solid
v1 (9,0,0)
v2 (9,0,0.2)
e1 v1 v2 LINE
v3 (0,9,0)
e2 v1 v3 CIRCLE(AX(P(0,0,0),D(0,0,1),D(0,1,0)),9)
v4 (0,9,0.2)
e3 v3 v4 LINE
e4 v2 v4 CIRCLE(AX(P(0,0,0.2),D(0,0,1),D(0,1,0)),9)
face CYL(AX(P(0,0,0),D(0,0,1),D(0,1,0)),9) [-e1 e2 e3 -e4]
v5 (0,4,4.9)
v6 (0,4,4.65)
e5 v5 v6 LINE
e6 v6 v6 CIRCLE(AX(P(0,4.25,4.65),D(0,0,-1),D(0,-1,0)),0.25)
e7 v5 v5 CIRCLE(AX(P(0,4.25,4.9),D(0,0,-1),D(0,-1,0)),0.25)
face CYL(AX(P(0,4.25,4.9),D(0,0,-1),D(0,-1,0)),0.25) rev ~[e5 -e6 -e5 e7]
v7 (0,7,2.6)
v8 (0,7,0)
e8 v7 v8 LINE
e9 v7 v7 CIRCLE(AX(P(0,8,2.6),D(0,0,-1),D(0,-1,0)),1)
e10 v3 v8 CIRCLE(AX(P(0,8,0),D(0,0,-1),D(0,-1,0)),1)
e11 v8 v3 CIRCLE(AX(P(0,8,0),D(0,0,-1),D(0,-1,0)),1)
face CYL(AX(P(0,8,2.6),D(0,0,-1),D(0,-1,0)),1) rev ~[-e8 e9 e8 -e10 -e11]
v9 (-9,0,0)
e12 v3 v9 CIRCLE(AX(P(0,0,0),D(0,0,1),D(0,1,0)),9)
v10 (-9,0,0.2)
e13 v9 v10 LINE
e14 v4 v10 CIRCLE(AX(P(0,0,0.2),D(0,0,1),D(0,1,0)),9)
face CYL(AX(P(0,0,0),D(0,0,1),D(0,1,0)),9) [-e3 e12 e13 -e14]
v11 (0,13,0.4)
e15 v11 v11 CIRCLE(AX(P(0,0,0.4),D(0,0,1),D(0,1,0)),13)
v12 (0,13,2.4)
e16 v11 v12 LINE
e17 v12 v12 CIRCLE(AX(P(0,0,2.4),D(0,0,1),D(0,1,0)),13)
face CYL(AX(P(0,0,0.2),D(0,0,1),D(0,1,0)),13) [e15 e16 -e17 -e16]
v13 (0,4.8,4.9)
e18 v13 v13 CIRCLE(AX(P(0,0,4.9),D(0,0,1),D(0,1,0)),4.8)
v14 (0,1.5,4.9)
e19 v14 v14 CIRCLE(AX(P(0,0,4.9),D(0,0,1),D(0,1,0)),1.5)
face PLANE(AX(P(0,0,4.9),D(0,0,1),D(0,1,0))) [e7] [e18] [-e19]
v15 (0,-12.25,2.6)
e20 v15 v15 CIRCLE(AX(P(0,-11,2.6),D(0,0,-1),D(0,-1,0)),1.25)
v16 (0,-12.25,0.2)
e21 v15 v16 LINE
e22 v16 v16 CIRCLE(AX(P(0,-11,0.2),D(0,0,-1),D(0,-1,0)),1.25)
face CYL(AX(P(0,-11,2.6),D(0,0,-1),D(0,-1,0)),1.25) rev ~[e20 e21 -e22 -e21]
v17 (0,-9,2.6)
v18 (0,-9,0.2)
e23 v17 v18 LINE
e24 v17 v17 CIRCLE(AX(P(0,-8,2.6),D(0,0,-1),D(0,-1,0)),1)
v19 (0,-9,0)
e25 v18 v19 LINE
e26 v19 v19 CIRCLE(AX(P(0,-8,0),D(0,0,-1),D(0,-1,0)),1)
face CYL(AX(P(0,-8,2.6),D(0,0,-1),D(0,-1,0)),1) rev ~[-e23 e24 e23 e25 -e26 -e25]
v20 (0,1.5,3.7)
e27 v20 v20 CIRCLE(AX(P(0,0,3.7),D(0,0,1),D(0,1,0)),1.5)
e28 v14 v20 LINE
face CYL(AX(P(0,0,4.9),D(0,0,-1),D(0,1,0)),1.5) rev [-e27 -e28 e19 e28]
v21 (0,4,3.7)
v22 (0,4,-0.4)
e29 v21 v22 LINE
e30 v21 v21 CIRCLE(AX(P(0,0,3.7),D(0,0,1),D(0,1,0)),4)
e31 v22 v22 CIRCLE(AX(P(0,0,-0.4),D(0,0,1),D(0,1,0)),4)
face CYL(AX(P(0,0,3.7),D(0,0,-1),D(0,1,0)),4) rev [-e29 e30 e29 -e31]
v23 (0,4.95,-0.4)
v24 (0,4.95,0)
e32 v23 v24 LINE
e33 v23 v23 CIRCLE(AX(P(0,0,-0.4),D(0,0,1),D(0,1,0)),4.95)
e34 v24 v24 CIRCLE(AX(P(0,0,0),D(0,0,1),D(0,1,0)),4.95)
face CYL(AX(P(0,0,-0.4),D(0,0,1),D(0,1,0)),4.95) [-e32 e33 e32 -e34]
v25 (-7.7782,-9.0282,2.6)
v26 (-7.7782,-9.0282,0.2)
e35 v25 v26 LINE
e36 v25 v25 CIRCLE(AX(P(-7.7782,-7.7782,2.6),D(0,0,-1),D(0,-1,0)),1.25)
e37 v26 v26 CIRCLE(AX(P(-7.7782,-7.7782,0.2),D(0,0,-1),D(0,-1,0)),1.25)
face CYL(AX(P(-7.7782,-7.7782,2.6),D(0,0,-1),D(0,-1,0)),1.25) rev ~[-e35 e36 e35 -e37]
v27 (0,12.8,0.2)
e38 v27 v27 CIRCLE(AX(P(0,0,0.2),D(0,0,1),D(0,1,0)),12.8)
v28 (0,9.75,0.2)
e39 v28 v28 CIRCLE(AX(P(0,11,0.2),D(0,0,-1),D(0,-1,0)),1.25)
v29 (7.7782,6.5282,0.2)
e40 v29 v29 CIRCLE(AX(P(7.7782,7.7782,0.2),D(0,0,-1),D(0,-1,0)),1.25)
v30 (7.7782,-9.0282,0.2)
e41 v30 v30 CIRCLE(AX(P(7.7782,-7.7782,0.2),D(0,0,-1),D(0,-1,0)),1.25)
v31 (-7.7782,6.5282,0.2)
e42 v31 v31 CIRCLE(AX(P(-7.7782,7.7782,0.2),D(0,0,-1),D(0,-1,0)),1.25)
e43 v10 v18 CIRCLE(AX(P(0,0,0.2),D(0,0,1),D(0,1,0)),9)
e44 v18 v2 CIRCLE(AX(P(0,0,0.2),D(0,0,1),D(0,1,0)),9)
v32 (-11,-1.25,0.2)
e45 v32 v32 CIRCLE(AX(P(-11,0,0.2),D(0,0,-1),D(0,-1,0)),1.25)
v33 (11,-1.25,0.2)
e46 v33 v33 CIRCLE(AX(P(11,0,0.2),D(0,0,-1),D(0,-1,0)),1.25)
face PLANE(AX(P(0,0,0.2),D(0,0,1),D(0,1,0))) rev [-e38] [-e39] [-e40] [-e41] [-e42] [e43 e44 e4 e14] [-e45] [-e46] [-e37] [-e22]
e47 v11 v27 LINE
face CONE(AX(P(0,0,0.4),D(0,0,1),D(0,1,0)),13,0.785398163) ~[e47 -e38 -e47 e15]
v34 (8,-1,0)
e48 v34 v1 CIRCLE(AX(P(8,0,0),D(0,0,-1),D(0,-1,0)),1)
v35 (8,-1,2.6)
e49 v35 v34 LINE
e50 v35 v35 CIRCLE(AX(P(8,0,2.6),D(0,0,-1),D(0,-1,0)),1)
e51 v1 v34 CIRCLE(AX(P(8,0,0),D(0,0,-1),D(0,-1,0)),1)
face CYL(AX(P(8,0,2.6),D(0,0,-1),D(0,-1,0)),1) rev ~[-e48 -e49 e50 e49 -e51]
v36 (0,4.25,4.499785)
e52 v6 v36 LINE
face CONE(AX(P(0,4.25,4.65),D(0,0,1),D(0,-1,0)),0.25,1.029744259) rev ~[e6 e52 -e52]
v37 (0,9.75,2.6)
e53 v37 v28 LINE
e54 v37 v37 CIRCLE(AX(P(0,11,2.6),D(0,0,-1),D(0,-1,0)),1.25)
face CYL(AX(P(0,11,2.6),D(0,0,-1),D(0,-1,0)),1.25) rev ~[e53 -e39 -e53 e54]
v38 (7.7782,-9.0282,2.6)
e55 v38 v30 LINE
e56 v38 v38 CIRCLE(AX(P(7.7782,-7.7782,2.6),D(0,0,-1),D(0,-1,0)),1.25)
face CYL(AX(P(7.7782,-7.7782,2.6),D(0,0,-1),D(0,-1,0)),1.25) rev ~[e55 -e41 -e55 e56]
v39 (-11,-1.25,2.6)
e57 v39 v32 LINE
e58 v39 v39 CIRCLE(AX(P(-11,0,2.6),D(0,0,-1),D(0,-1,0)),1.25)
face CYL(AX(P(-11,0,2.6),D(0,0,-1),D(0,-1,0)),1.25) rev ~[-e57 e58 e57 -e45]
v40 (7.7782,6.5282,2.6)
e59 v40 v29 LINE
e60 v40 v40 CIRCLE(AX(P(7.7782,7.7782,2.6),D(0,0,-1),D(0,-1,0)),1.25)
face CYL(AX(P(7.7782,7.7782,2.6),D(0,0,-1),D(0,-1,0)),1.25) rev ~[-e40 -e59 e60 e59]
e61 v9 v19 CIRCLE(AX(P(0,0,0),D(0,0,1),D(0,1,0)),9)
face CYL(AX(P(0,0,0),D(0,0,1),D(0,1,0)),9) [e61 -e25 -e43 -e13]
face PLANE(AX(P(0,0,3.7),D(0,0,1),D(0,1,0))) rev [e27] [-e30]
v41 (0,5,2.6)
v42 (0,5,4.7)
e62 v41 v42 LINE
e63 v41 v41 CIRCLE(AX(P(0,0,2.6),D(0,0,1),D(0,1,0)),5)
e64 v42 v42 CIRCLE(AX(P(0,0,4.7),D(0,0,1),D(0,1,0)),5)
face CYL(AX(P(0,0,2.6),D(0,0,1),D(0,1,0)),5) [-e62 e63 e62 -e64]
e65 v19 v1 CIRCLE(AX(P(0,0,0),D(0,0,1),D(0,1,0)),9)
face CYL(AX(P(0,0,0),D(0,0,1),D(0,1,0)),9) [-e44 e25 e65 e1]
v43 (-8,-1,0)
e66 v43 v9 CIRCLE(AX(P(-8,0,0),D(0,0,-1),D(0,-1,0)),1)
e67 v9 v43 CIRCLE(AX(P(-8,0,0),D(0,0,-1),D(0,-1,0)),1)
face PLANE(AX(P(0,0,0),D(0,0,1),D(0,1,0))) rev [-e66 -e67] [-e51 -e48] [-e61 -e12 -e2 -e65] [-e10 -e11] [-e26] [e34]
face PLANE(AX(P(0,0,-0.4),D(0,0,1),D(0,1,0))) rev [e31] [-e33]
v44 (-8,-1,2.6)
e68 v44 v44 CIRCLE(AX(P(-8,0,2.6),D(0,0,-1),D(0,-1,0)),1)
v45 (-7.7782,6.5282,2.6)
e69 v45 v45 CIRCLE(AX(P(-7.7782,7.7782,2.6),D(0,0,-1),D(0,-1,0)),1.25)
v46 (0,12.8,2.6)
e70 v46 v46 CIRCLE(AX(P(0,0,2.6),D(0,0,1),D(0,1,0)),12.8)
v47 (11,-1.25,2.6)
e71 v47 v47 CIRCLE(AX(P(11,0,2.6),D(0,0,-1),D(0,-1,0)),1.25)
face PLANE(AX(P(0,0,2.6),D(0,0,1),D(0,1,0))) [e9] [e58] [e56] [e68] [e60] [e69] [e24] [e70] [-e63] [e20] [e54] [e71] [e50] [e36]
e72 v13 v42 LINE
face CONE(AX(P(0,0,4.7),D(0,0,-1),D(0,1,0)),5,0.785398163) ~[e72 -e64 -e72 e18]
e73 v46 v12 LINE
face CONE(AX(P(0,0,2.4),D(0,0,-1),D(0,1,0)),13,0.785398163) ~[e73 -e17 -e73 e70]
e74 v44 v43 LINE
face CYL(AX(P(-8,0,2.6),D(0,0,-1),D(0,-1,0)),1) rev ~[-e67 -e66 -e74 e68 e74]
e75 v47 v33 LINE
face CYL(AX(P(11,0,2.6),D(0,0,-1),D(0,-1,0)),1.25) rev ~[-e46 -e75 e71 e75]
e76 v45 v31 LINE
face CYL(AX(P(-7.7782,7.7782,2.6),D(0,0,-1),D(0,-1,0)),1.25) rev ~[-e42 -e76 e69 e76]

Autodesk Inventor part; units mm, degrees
ref_plane "YZ Plane" through (0, 0, 0) normal (1, 0, 0) x (0, 1, 0)
ref_plane "XZ Plane" through (0, 0, 0) normal (0, 1, 0) x (-1, 0, 0)
ref_plane "XY Plane" through (0, 0, 0) normal (0, 0, 1) x (1, 0, 0)
sketch "スケッチ1" plane through (0, 0, 0) normal (1, 0, 0) x (0, 1, 0)
  line L0 (0, 0) -> (0, 18.1138) construction
  line L1 (1.5, 4.9) -> (1.5, 3.7)
  line L2 (1.5, 3.7) -> (4, 3.7)
  line L3 (4, 3.7) -> (4, -0.4)
  line L4 (4, -0.4) -> (4.95, -0.4)
  line L5 (4.95, -0.4) -> (4.95, 0)
  line L6 (4.95, 0) -> (9, 0)
  line L7 (9, 0) -> (9, 0.2)
  line L8 (9, 0.2) -> (13, 0.2)
  line L9 (13, 0.2) -> (13, 2.6)
  line L10 (13, 2.6) -> (5, 2.6)
  line L11 (5, 2.6) -> (5, 4.9)
  line L12 (5, 4.9) -> (1.5, 4.9)
  dimension "d0" = 9.9
  dimension "d1" = 10
  dimension "d2" = 5.3
  dimension "d3" = 4.1
  dimension "d4" = 3
  dimension "d5" = 2.6
  dimension "d6" = 2.4
  dimension "d7" = 26
  dimension "d8" = 18
  dimension "d9" = 8
  dimension "d10" = 2.3
  dimension "d43" = 3.7
revolve "回転1" add sketch "スケッチ1" angle 360 about axis through (0, 0, 0) along (0, 0, 1)
sketch "スケッチ2" plane through (0, 0, 2.6) normal (0, 0, 1) x (1, 0, 0)
  circle A0 centre (0, 0) radius 8 construction
  line L0 (0, 0) -> (0, 8) construction
  point P0 (-8, 0)
  point P1 (-8, 0)
  point P2 (0, -8)
  point P3 (0, -8)
  point P4 (8, 0)
  point P5 (8, 0)
  dimension "d12" = 16
  dimension "d15" = 360
hole "穴1" at (0, 8, 2.6) at (-8, 0, 2.6) at (0, -8, 2.6) at (8, 0, 2.6) direction (0, 0, -1) diameter 2 end through all
sketch "スケッチ3" plane through (0, 0, 2.6) normal (0, 0, 1) x (1, 0, 0)
  line L0 (0, 0) -> (0, 11) construction
  point P0 (-7.7782, 7.7782)
  point P1 (-11, 0)
  point P2 (-7.7782, -7.7782)
  point P3 (0, -11)
  point P4 (7.7782, -7.7782)
  point P5 (11, 0)
  point P6 (7.7782, 7.7782)
  dimension "d25" = 11
  dimension "d28" = 360
hole "穴2" at (0, 11, 2.6) at (-7.7782, 7.7782, 2.6) at (-11, 0, 2.6) at (-7.7782, -7.7782, 2.6) at (0, -11, 2.6) at (7.7782, -7.7782, 2.6) at (11, 0, 2.6) at (7.7782, 7.7782, 2.6) direction (0, 0, -1) diameter 2.5 end through all
chamfer "面取り1" distance 0.2 angle 45 3 edges at (0, -13, 2.6) (0, -13, 0.2) (0, -5, 4.9)
sketch "スケッチ4" plane through (0, 0, 4.9) normal (0, 0, 1) x (1, 0, 0)
  line L0 (0, 0) -> (0, 4.25) construction
  dimension "d44" = 4.25
hole "穴3" at (0, 4.25, 4.9) direction (0, 0, -1) diameter 0.5 depth 0.25 tip angle 118
properties part number "XM540_HORN"
